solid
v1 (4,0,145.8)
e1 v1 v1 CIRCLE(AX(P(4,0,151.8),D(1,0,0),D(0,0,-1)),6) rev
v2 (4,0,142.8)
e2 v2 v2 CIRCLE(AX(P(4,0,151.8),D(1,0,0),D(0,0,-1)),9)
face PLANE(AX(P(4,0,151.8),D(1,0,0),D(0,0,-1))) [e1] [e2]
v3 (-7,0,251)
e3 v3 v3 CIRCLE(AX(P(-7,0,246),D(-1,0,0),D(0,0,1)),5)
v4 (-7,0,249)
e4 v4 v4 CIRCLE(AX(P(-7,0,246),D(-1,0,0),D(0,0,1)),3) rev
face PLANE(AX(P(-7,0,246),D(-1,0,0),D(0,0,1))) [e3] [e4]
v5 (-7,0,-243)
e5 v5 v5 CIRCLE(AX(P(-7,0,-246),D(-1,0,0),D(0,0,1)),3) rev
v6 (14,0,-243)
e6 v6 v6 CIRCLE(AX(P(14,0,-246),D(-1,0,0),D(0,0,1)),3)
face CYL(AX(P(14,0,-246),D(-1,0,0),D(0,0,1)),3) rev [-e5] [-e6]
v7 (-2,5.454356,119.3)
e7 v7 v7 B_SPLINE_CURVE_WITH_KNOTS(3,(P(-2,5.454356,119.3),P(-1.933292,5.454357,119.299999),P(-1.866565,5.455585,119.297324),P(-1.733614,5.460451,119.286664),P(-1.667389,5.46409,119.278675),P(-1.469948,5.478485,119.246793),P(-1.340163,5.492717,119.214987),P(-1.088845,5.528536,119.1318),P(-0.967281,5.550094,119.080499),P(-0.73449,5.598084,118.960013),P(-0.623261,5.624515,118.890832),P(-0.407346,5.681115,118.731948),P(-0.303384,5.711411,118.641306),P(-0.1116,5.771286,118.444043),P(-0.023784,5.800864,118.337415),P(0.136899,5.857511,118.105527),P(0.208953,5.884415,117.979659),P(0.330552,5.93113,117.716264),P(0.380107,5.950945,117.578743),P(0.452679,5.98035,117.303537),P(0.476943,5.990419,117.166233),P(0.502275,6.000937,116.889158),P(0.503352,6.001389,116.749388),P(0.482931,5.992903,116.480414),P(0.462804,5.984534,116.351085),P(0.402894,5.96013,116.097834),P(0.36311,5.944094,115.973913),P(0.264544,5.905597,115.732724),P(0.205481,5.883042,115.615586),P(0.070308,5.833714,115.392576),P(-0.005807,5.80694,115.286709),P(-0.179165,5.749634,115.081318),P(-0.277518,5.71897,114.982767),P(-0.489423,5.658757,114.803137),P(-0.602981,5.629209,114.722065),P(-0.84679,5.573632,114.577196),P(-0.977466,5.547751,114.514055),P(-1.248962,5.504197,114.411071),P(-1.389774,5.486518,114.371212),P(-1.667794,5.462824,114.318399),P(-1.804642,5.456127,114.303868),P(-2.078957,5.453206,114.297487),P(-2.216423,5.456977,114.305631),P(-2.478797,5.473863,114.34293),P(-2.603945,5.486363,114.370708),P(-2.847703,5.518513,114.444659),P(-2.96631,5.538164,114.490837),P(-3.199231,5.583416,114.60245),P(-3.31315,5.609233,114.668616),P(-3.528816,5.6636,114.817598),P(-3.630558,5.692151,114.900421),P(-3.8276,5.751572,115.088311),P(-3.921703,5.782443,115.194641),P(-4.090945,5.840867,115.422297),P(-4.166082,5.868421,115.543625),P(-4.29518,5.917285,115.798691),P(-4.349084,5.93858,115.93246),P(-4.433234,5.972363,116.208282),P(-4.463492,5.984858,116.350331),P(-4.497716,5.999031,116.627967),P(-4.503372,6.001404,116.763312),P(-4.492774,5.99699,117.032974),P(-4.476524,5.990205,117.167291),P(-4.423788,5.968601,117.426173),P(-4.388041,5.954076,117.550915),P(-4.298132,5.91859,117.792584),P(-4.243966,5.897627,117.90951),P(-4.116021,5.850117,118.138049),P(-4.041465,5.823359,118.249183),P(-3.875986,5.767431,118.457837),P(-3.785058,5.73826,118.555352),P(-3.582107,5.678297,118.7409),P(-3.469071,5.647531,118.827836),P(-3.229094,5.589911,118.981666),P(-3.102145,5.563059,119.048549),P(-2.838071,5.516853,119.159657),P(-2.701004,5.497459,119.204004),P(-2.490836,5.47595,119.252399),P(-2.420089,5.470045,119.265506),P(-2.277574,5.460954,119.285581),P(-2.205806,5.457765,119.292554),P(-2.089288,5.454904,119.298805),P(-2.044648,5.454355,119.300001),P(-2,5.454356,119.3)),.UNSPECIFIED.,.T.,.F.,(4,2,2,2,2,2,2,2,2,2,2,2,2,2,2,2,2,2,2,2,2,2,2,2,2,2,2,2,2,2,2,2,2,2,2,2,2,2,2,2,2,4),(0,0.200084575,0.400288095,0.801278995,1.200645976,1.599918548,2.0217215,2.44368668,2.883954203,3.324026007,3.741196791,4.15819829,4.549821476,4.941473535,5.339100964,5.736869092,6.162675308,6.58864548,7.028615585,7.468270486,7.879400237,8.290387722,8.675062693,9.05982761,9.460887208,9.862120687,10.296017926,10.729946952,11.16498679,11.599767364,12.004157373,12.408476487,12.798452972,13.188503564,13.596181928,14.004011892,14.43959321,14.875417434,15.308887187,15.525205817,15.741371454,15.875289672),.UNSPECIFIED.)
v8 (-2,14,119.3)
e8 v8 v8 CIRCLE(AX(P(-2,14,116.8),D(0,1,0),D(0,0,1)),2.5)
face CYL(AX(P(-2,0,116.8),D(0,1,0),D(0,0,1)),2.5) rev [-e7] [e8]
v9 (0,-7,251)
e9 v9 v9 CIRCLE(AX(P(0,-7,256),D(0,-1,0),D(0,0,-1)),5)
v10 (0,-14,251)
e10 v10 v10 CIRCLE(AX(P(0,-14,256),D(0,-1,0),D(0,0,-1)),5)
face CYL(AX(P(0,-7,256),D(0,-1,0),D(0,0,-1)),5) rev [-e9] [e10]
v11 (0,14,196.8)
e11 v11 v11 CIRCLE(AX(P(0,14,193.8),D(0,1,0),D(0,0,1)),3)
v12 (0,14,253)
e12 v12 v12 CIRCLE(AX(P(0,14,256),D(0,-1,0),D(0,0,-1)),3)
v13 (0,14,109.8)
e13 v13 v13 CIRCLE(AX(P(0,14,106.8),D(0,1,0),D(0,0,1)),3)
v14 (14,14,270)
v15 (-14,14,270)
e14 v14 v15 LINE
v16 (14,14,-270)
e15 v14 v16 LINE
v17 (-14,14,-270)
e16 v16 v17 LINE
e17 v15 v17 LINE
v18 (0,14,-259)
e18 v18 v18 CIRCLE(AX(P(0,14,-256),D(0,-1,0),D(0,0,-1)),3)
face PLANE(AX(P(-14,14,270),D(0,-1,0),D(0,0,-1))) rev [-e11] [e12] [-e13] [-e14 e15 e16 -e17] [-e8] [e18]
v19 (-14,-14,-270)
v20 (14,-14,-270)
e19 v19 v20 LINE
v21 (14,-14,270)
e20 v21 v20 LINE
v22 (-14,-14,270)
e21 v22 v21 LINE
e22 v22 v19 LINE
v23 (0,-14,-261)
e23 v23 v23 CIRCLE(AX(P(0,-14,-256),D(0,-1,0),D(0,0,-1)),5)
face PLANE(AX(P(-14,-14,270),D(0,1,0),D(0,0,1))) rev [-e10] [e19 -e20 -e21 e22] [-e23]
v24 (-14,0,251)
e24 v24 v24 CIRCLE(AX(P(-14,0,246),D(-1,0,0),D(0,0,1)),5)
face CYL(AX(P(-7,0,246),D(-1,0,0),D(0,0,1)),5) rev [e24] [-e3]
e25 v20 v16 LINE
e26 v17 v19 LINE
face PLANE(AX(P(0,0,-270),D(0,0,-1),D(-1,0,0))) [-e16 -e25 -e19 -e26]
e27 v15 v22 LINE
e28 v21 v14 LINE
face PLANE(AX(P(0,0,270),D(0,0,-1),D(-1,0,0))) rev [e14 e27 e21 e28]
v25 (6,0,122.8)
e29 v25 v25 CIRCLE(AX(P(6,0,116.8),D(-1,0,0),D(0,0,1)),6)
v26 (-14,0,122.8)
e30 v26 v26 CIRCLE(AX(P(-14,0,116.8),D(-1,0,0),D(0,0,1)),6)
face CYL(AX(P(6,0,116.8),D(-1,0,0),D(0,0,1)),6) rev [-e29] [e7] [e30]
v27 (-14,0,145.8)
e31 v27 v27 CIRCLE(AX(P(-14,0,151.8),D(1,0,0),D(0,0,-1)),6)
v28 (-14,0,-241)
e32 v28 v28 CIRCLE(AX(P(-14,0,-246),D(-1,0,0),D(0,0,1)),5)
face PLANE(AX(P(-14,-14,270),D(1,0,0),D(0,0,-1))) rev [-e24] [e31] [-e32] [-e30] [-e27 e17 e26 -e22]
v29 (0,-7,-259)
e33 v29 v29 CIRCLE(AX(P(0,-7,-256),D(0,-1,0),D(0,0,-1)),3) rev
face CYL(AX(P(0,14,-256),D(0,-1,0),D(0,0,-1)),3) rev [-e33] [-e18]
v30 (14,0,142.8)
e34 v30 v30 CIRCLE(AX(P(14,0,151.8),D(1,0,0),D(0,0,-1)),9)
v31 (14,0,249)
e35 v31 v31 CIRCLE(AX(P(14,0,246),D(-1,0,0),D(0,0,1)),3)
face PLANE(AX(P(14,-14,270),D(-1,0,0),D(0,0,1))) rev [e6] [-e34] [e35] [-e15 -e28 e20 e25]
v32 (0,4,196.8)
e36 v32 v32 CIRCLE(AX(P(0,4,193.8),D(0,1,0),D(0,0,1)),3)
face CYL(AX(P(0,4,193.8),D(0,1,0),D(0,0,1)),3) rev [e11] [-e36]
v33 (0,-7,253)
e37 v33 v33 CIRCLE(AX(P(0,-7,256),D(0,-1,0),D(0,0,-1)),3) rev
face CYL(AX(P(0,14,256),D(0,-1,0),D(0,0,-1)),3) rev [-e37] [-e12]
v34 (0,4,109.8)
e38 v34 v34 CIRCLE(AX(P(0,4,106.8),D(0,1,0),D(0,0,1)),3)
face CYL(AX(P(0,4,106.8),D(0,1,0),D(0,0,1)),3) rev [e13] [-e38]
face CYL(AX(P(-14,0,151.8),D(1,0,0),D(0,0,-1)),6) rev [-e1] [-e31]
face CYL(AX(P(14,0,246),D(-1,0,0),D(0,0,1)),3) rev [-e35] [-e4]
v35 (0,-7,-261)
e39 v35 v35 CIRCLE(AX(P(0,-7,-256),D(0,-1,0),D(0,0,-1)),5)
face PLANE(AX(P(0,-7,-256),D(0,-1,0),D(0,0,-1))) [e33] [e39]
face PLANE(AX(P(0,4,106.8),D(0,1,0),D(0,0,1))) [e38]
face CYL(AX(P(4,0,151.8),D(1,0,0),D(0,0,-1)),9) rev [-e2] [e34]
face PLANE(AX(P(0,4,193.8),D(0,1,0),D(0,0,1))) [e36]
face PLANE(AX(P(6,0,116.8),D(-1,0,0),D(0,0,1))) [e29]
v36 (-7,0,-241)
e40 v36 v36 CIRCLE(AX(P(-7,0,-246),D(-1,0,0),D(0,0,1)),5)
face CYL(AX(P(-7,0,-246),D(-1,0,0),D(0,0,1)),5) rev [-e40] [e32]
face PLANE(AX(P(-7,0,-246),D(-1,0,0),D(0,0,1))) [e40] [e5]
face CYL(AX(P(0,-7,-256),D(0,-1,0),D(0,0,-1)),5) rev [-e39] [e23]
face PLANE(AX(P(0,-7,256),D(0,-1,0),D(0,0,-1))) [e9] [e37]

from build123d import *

# Parameters (mm, degrees)
IZIM1_W                     = 28
IZIM1_H                     = 28
Y_KSEKLIK_EKSTR_ZYON1_DEPTH = 270
IZIM3_R                     = 3
KES_EKSTR_ZYON2_DEPTH       = 272.808756298
IZIM4_R                     = 5
KES_EKSTR_ZYON3_DEPTH       = 7
IZIM5_R                     = 6
KES_EKSTR_ZYON4_DEPTH       = 272.808756298
IZIM6_R                     = 9
KES_EKSTR_ZYON5_DEPTH       = 10
IZIM7_R                     = 3
KES_EKSTR_ZYON6_DEPTH       = 272.808756298
IZIM8_R                     = 5
KES_EKSTR_ZYON7_DEPTH       = 7
SKETCH1_R                   = 3
CUT_EXTRUDE1_DEPTH          = 10
SKETCH2_R                   = 6
CUT_EXTRUDE2_DEPTH          = 20
SKETCH3_R                   = 2.5
CUT_EXTRUDE3_DEPTH          = 14


with BuildPart() as part:
    # Çizim1 → Yükseklik-Ekstrüzyon1 (new, symmetric)
    with BuildSketch(Plane.XY):
        Rectangle(IZIM1_W, IZIM1_H)
    extrude(amount=Y_KSEKLIK_EKSTR_ZYON1_DEPTH, both=True)

    # Çizim3 → Kes-Ekstrüzyon2 (cut, through all)
    with BuildSketch(Plane.XZ.offset(14)):
        with Locations(Location((0, -256, 0), (0, 0, 270))):
            Circle(IZIM3_R)
        with Locations(Location((0, 256, 0), (0, 0, 270))):
            Circle(IZIM3_R)
    extrude(amount=-KES_EKSTR_ZYON2_DEPTH, mode=Mode.SUBTRACT)

    # Çizim4 → Kes-Ekstrüzyon3 (cut)
    with BuildSketch(Plane.XZ.offset(14)):
        with Locations(Location((0, -256, 0), (0, 0, 270))):
            Circle(IZIM4_R)
        with Locations(Location((0, 256, 0), (0, 0, 270))):
            Circle(IZIM4_R)
    extrude(amount=-KES_EKSTR_ZYON3_DEPTH, mode=Mode.SUBTRACT)

    # Çizim5 → Kes-Ekstrüzyon4 (cut, through all)
    with BuildSketch(Plane(origin=(14, 0, 0), x_dir=(0, 0, -1), z_dir=(1, 0, 0))):
        with Locations((-151.8, 0)):
            Circle(IZIM5_R)
    extrude(amount=-KES_EKSTR_ZYON4_DEPTH, mode=Mode.SUBTRACT)

    # Çizim6 → Kes-Ekstrüzyon5 (cut)
    with BuildSketch(Plane(origin=(14, 0, 0), x_dir=(0, 0, -1), z_dir=(1, 0, 0))):
        with Locations((-151.8, 0)):
            Circle(IZIM6_R)
    extrude(amount=-KES_EKSTR_ZYON5_DEPTH, mode=Mode.SUBTRACT)

    # Çizim7 → Kes-Ekstrüzyon6 (cut, through all)
    with BuildSketch(Plane.ZY.offset(14)):
        with Locations((-246, 0)):
            Circle(IZIM7_R)
        with Locations((246, 0)):
            Circle(IZIM7_R)
    extrude(amount=-KES_EKSTR_ZYON6_DEPTH, mode=Mode.SUBTRACT)

    # Çizim8 → Kes-Ekstrüzyon7 (cut)
    with BuildSketch(Plane.ZY.offset(14)):
        with Locations((-246, 0)):
            Circle(IZIM8_R)
        with Locations((246, 0)):
            Circle(IZIM8_R)
    extrude(amount=-KES_EKSTR_ZYON7_DEPTH, mode=Mode.SUBTRACT)

    # Sketch1 → Cut-Extrude1 (cut)
    with BuildSketch(Plane(origin=(0, 14, 0), x_dir=(1, 0, 0), z_dir=(0, 1, 0))):
        with Locations(Location((0, -106.8, 0), (0, 0, 270))):
            Circle(SKETCH1_R)
        with Locations(Location((0, -193.8, 0), (0, 0, 270))):
            Circle(SKETCH1_R)
    extrude(amount=-CUT_EXTRUDE1_DEPTH, mode=Mode.SUBTRACT)

    # Sketch2 → Cut-Extrude2 (cut)
    with BuildSketch(Plane.ZY.offset(14)):
        with Locations((116.8, 0)):
            Circle(SKETCH2_R)
    extrude(amount=-CUT_EXTRUDE2_DEPTH, mode=Mode.SUBTRACT)

    # Sketch3 → Cut-Extrude3 (cut)
    with BuildSketch(Plane(origin=(0, 14, 0), x_dir=(1, 0, 0), z_dir=(0, 1, 0))):
        with Locations(Location((-2, -116.8, 0), (0, 0, 270))):
            Circle(SKETCH3_R)
    extrude(amount=-CUT_EXTRUDE3_DEPTH, mode=Mode.SUBTRACT)


solid = part.part
